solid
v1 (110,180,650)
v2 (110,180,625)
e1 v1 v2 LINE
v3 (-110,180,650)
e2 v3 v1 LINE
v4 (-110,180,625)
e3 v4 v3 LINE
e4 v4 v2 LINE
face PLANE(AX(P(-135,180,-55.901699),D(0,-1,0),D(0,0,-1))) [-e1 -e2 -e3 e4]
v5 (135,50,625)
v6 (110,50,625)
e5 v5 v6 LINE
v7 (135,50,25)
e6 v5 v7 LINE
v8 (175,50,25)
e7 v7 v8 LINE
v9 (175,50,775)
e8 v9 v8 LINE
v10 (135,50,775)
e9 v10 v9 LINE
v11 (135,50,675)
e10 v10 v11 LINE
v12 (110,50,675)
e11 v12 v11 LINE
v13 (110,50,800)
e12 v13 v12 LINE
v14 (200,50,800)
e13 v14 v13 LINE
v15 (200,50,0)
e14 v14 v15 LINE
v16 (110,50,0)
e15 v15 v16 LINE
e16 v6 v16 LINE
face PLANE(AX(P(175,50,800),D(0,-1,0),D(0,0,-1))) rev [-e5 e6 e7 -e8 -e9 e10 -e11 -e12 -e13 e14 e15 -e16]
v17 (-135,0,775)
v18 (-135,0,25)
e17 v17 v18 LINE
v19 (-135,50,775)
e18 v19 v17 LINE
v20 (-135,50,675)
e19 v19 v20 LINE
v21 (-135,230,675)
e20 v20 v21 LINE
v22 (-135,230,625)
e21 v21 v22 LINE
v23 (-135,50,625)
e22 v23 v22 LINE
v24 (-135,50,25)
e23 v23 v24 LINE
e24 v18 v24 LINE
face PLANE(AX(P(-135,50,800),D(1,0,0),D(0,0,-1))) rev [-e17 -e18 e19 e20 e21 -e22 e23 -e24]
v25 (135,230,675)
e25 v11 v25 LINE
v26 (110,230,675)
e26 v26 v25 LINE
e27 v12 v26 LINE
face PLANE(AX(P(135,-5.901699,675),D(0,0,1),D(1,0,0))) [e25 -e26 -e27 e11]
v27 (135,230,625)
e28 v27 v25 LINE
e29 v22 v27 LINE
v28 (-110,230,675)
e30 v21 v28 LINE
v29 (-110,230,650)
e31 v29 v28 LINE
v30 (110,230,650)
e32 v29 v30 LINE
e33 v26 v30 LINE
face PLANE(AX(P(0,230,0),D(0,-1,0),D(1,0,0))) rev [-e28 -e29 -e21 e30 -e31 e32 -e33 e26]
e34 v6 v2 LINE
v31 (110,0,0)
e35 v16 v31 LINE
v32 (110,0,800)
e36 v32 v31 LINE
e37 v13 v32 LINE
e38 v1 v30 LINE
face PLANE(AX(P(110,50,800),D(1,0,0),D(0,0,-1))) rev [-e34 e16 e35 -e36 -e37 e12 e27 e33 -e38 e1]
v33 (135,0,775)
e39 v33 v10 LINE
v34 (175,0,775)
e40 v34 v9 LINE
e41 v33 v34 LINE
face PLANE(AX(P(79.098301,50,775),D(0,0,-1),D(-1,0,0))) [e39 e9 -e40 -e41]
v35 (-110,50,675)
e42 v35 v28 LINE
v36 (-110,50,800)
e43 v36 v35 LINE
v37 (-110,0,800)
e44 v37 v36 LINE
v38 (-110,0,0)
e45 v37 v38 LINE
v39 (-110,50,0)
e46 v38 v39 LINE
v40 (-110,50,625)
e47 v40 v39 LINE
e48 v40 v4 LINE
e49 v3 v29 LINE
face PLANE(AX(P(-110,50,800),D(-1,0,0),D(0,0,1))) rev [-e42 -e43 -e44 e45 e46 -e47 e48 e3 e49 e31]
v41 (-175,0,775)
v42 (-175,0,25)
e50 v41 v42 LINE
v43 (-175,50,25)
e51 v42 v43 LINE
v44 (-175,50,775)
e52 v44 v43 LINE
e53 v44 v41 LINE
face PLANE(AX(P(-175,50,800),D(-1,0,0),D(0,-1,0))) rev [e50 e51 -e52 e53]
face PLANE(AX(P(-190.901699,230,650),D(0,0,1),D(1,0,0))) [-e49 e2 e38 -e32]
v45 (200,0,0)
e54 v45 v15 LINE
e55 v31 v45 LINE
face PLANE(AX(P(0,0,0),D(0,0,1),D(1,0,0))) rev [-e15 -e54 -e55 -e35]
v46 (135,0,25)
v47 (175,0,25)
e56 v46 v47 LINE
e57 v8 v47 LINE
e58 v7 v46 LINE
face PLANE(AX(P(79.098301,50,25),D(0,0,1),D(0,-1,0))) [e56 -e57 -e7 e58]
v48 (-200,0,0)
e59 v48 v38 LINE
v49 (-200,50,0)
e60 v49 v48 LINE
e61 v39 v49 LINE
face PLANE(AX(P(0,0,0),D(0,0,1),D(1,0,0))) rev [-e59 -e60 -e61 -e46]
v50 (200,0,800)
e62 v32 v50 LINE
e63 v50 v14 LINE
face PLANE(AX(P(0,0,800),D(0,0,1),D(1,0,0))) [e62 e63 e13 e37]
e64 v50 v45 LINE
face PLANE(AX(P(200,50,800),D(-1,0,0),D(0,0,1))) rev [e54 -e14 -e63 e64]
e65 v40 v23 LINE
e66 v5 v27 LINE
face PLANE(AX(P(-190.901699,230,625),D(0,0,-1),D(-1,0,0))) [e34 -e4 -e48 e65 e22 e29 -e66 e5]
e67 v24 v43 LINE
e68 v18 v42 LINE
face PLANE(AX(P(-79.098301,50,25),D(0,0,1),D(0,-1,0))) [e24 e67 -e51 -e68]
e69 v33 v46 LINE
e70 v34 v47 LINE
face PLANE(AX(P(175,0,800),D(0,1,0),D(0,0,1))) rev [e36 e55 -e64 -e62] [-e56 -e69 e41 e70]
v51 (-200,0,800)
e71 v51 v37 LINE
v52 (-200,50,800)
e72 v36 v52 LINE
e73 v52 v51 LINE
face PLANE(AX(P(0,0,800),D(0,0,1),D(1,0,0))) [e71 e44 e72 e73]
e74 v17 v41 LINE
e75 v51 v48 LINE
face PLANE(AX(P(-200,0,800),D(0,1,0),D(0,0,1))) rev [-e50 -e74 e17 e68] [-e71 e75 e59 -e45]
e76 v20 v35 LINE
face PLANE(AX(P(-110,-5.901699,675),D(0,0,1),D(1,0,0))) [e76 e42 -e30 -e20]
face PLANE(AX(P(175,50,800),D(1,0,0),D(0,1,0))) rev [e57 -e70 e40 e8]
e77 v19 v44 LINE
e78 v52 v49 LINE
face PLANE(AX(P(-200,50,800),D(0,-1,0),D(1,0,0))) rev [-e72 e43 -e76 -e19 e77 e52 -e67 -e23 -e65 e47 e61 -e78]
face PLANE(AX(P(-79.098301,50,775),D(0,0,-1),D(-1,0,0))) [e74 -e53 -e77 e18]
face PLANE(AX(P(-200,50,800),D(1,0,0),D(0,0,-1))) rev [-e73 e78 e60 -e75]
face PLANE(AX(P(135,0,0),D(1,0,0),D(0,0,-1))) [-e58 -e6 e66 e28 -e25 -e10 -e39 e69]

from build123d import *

# Parameters (mm, degrees)
CROQUIS2_W                 = 25
CROQUIS2_H                 = 50
SALIENTE_EXTRUIR1_DEPTH    = 800
SALIENTE_EXTRUIR1_2_DEPTH  = 800
SALIENTE_EXTRUIR1_3_DEPTH  = 800
SALIENTE_EXTRUIR1_4_DEPTH  = 800
CROQUIS3_W                 = 25
CROQUIS3_H                 = 50
SALIENTE_EXTRUIR2_DEPTH    = 230
CROQUIS4_W                 = 25
CROQUIS4_H                 = 50
SALIENTE_EXTRUIR3_DEPTH    = 65
CROQUIS5_W                 = 25
CROQUIS5_H                 = 50
SALIENTE_EXTRUIR4_DEPTH    = 65
CROQUIS6_W                 = 25
CROQUIS6_H                 = 50
SALIENTE_EXTRUIR5_DEPTH    = 800
CROQUIS7_W                 = 25
CROQUIS7_H                 = 50
SALIENTE_EXTRUIR6_DEPTH    = 270
CROQUIS8_W                 = 25
CROQUIS8_H                 = 50
SALIENTE_EXTRUIR7_DEPTH    = 180
CROQUIS9_W                 = 625
CROQUIS9_H                 = 180
CROQUIS9_W_2               = 125
CORTAR_EXTRUIR1_DEPTH      = 201
CORTAR_EXTRUIR1_DEPTH_BACK = 201


with BuildPart() as part:
    # Croquis2 → Saliente-Extruir1 (new body)
    with BuildSketch(Plane.XY):
        with Locations((-187.5, 25)):
            Rectangle(CROQUIS2_W, CROQUIS2_H)
    extrude(amount=SALIENTE_EXTRUIR1_DEPTH)



with BuildPart() as body_2:
    # Croquis2 → Saliente-Extruir1 2 (new body)
    with BuildSketch(Plane.XY):
        with Locations((187.5, 25)):
            Rectangle(CROQUIS2_W, CROQUIS2_H)
    extrude(amount=SALIENTE_EXTRUIR1_2_DEPTH)


with BuildPart() as body_3:
    # Croquis2 → Saliente-Extruir1 3 (new body)
    with BuildSketch(Plane.XY):
        with Locations((-122.5, 25)):
            Rectangle(CROQUIS2_W, CROQUIS2_H)
    extrude(amount=SALIENTE_EXTRUIR1_3_DEPTH)



with BuildPart() as body_4:
    # Croquis2 → Saliente-Extruir1 4 (new body)
    with BuildSketch(Plane.XY):
        with Locations((122.5, 25)):
            Rectangle(CROQUIS2_W, CROQUIS2_H)
    extrude(amount=SALIENTE_EXTRUIR1_4_DEPTH)


with BuildPart() as body_3_1:
    add(body_3.part)

    add(body_4.part)  # Saliente-Extruir2 merges body 4
    # Croquis3 → Saliente-Extruir2 (add)
    with BuildSketch(Plane.XZ):
        with Locations((-122.5, 775)):
            Rectangle(CROQUIS3_W, CROQUIS3_H)
        with Locations((122.5, 775)):
            Rectangle(CROQUIS3_W, CROQUIS3_H)
        with Locations((-122.5, 25)):
            Rectangle(CROQUIS3_W, CROQUIS3_H)
        with Locations((122.5, 25)):
            Rectangle(CROQUIS3_W, CROQUIS3_H)
    extrude(amount=-SALIENTE_EXTRUIR2_DEPTH)


with BuildPart() as part_1:
    add(part.part)

    add(body_3_1.part)  # Saliente-Extruir3 merges body 3
    # Croquis4 → Saliente-Extruir3 (add)
    with BuildSketch(Plane.ZY.offset(200)):
        with Locations((12.5, 25)):
            Rectangle(CROQUIS4_W, CROQUIS4_H)
        with Locations((787.5, 25)):
            Rectangle(CROQUIS4_W, CROQUIS4_H)
    extrude(amount=-SALIENTE_EXTRUIR3_DEPTH)


    add(body_2.part)  # Saliente-Extruir4 merges body 2
    # Croquis5 → Saliente-Extruir4 (add)
    with BuildSketch(Plane(origin=(200, 0, 0), x_dir=(0, 0, -1), z_dir=(1, 0, 0))):
        with Locations((-787.5, 25)):
            Rectangle(CROQUIS5_W, CROQUIS5_H)
        with Locations((-12.5, 25)):
            Rectangle(CROQUIS5_W, CROQUIS5_H)
    extrude(amount=-SALIENTE_EXTRUIR4_DEPTH)

    # Croquis6 → Saliente-Extruir5 (add)
    with BuildSketch(Plane.XY.offset(800)):
        with Locations((-122.5, 205)):
            Rectangle(CROQUIS6_W, CROQUIS6_H)
        with Locations((122.5, 205)):
            Rectangle(CROQUIS6_W, CROQUIS6_H)
    extrude(amount=-SALIENTE_EXTRUIR5_DEPTH)

    # Croquis7 → Saliente-Extruir6 (add)
    with BuildSketch(Plane(origin=(135, 0, 0), x_dir=(0, 0, -1), z_dir=(1, 0, 0))):
        with Locations((-637.5, 205)):
            Rectangle(CROQUIS7_W, CROQUIS7_H)
    extrude(amount=-SALIENTE_EXTRUIR6_DEPTH)

    # Croquis8 → Saliente-Extruir7 (add)
    with BuildSketch(Plane(origin=(0, 230, 0), x_dir=(1, 0, 0), z_dir=(0, 1, 0))):
        with Locations((-122.5, -650)):
            Rectangle(CROQUIS8_W, CROQUIS8_H)
        with Locations((122.5, -650)):
            Rectangle(CROQUIS8_W, CROQUIS8_H)
    extrude(amount=-SALIENTE_EXTRUIR7_DEPTH)

    # Croquis9 → Cortar-Extruir1 (cut, two sides)
    with BuildSketch(Plane(origin=(0, 0, 0), x_dir=(0, 0, -1), z_dir=(1, 0, 0))) as cortar_extruir1_sk:
        with Locations((-312.5, 140)):
            Rectangle(CROQUIS9_W, CROQUIS9_H)
        with Locations((-737.5, 140)):
            Rectangle(CROQUIS9_W_2, CROQUIS9_H)
    extrude(amount=CORTAR_EXTRUIR1_DEPTH, mode=Mode.SUBTRACT)
    extrude(cortar_extruir1_sk.sketch, amount=-CORTAR_EXTRUIR1_DEPTH_BACK, mode=Mode.SUBTRACT)


solid = part_1.part
